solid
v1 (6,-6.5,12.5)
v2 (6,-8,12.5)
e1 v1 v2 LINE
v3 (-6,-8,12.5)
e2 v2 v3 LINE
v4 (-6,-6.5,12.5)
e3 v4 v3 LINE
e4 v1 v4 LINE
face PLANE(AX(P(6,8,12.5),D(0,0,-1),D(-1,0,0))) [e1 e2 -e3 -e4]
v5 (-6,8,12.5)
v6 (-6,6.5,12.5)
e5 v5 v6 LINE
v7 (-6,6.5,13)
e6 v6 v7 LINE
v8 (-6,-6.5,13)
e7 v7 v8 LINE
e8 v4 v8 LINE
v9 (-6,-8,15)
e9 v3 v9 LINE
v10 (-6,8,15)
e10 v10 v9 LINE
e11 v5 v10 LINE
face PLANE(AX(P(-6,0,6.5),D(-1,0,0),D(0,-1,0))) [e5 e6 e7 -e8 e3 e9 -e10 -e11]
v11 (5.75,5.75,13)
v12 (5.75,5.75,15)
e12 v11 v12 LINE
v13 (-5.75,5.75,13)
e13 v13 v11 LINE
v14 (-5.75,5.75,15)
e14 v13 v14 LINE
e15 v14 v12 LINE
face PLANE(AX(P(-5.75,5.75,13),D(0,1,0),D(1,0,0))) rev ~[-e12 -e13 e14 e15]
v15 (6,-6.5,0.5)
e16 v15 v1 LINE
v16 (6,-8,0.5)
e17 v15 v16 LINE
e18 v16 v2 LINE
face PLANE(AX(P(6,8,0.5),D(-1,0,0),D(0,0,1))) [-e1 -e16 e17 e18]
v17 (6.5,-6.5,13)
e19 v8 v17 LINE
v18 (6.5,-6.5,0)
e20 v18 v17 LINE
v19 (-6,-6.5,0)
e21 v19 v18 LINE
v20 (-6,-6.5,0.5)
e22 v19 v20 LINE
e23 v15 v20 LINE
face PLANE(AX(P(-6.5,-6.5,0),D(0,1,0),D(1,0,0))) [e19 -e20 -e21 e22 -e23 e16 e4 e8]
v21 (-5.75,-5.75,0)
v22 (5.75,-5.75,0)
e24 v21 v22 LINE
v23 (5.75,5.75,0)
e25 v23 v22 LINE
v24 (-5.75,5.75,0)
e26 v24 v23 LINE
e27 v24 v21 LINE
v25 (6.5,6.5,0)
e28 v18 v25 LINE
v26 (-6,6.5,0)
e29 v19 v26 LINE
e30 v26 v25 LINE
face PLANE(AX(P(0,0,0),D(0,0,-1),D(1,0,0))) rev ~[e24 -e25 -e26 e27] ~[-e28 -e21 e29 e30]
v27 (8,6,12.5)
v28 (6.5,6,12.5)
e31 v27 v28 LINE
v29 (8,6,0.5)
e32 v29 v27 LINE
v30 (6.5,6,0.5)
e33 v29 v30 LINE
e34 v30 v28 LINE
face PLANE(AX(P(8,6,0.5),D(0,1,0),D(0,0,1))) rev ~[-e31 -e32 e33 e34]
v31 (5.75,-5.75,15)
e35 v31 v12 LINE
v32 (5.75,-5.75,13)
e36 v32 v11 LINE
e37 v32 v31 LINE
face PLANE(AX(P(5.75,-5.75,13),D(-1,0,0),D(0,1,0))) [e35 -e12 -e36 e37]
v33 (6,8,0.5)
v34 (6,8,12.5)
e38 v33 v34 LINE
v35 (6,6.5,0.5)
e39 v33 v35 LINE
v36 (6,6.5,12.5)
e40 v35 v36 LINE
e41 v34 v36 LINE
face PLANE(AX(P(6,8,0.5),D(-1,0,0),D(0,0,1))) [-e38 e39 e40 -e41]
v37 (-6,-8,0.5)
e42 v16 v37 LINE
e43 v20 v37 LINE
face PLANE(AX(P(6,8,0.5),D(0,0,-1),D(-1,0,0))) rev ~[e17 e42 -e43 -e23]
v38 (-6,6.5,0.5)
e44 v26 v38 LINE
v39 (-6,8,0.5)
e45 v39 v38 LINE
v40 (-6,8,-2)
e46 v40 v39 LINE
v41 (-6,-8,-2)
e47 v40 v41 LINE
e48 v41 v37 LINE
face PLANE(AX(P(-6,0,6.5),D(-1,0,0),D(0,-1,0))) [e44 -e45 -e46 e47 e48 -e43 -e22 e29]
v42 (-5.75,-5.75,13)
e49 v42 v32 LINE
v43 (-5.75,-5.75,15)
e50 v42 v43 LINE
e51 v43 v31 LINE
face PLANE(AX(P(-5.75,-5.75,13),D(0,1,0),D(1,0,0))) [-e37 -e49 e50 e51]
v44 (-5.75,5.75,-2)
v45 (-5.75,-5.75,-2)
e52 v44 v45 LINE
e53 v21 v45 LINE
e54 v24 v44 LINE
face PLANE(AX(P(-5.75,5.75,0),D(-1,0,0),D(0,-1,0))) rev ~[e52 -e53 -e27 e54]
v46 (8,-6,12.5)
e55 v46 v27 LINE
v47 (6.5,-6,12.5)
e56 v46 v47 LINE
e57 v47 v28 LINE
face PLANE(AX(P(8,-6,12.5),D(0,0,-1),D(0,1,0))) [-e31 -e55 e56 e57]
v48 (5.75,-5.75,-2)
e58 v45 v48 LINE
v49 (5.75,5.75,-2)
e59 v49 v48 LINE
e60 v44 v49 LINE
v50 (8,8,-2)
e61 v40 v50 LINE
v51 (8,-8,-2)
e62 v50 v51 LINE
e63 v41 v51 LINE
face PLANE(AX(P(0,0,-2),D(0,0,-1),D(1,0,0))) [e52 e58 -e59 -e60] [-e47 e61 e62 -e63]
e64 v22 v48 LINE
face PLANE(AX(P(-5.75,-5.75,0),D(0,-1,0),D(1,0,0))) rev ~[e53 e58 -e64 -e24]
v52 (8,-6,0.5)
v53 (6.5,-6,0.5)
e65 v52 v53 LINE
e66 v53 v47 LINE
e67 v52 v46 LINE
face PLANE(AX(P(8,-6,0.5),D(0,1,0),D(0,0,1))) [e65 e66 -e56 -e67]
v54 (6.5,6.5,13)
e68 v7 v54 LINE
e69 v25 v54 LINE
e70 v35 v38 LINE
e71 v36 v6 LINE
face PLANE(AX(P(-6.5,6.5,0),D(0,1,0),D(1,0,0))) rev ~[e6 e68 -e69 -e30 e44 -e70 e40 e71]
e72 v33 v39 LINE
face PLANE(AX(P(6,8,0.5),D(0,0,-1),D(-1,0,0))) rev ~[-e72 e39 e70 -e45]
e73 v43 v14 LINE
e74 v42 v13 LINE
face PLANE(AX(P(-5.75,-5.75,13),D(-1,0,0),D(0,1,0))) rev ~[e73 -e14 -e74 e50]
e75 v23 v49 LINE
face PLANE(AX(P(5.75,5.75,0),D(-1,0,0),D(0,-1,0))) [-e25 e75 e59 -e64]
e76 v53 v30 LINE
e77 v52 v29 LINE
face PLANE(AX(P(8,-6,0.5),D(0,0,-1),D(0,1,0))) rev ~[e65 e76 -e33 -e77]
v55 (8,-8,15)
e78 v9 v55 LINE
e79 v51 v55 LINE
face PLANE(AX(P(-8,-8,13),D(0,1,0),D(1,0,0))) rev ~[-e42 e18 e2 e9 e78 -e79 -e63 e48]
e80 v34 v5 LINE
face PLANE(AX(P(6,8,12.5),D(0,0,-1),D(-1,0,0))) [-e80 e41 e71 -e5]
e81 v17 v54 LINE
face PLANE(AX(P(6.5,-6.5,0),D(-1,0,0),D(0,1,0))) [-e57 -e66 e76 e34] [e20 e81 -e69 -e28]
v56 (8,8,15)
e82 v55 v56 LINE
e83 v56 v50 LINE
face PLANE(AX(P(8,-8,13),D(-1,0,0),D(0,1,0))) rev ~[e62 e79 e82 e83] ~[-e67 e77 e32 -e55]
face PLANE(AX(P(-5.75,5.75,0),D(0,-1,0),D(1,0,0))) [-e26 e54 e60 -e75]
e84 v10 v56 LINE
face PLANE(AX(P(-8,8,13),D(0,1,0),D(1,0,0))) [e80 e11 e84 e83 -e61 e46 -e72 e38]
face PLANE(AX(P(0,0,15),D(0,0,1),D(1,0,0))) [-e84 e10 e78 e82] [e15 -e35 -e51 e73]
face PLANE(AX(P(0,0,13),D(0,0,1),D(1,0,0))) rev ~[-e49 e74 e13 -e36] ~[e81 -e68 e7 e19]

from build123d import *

# Parameters (mm, degrees)
F0_W      = 16
F0_H      = 16
F0_W_2    = 13
F0_H_2    = 13
F1_DEPTH  = 13
F2_W      = 16
F2_H      = 16
F2_W_2    = 11.5
F2_H_2    = 11.5
F3_DEPTH  = 2
F4_W      = 16
F4_H      = 16
F4_W_2    = 11.5
F4_H_2    = 11.5
F5_DEPTH  = 2
F6_W      = 12
F6_H      = 12
F7_DEPTH  = 16.001
F8_W      = 12
F8_H      = 12
F9_DEPTH  = 1.5
F10_W     = 16
F10_H     = 17
F11_DEPTH = 2


with BuildPart() as f1:
    # F0 (on Top) → F1 (new body)
    with BuildSketch(Plane.XY):
        Rectangle(F0_W, F0_H)
        Rectangle(F0_W_2, F0_H_2, mode=Mode.SUBTRACT)
    extrude(amount=F1_DEPTH)

    # F2 (on face) → F3 (join)
    with BuildSketch(Plane(origin=(0, 0, 0), x_dir=(1, 0, 0), z_dir=(0, 0, -1))):
        Rectangle(F2_W, F2_H)
        Rectangle(F2_W_2, F2_H_2, mode=Mode.SUBTRACT)
    extrude(amount=F3_DEPTH)

    # F4 (on face) → F5 (join)
    with BuildSketch(Plane.XY.offset(13)):
        Rectangle(F4_W, F4_H)
        Rectangle(F4_W_2, F4_H_2, mode=Mode.SUBTRACT)
    extrude(amount=F5_DEPTH)

    # F6 (on face) → F7 (cut, through all)
    with BuildSketch(Plane(origin=(0, 8, 0), x_dir=(-1, 0, 0), z_dir=(0, 1, 0))):
        with Locations((0, 6.5)):
            Rectangle(F6_W, F6_H)
    extrude(amount=-F7_DEPTH, mode=Mode.SUBTRACT)

    # F8 (on face) → F9 (cut, through all)
    with BuildSketch(Plane.YZ.offset(8)):
        with Locations((0, 6.5)):
            Rectangle(F8_W, F8_H)
    extrude(amount=-F9_DEPTH, mode=Mode.SUBTRACT)

    # F10 (on face) → F11 (cut)
    with BuildSketch(Plane(origin=(-8, 0, 0), x_dir=(0, -1, 0), z_dir=(-1, 0, 0))):
        with Locations((0, 6.5)):
            Rectangle(F10_W, F10_H)
    extrude(amount=-F11_DEPTH, mode=Mode.SUBTRACT)


solid = f1.part
